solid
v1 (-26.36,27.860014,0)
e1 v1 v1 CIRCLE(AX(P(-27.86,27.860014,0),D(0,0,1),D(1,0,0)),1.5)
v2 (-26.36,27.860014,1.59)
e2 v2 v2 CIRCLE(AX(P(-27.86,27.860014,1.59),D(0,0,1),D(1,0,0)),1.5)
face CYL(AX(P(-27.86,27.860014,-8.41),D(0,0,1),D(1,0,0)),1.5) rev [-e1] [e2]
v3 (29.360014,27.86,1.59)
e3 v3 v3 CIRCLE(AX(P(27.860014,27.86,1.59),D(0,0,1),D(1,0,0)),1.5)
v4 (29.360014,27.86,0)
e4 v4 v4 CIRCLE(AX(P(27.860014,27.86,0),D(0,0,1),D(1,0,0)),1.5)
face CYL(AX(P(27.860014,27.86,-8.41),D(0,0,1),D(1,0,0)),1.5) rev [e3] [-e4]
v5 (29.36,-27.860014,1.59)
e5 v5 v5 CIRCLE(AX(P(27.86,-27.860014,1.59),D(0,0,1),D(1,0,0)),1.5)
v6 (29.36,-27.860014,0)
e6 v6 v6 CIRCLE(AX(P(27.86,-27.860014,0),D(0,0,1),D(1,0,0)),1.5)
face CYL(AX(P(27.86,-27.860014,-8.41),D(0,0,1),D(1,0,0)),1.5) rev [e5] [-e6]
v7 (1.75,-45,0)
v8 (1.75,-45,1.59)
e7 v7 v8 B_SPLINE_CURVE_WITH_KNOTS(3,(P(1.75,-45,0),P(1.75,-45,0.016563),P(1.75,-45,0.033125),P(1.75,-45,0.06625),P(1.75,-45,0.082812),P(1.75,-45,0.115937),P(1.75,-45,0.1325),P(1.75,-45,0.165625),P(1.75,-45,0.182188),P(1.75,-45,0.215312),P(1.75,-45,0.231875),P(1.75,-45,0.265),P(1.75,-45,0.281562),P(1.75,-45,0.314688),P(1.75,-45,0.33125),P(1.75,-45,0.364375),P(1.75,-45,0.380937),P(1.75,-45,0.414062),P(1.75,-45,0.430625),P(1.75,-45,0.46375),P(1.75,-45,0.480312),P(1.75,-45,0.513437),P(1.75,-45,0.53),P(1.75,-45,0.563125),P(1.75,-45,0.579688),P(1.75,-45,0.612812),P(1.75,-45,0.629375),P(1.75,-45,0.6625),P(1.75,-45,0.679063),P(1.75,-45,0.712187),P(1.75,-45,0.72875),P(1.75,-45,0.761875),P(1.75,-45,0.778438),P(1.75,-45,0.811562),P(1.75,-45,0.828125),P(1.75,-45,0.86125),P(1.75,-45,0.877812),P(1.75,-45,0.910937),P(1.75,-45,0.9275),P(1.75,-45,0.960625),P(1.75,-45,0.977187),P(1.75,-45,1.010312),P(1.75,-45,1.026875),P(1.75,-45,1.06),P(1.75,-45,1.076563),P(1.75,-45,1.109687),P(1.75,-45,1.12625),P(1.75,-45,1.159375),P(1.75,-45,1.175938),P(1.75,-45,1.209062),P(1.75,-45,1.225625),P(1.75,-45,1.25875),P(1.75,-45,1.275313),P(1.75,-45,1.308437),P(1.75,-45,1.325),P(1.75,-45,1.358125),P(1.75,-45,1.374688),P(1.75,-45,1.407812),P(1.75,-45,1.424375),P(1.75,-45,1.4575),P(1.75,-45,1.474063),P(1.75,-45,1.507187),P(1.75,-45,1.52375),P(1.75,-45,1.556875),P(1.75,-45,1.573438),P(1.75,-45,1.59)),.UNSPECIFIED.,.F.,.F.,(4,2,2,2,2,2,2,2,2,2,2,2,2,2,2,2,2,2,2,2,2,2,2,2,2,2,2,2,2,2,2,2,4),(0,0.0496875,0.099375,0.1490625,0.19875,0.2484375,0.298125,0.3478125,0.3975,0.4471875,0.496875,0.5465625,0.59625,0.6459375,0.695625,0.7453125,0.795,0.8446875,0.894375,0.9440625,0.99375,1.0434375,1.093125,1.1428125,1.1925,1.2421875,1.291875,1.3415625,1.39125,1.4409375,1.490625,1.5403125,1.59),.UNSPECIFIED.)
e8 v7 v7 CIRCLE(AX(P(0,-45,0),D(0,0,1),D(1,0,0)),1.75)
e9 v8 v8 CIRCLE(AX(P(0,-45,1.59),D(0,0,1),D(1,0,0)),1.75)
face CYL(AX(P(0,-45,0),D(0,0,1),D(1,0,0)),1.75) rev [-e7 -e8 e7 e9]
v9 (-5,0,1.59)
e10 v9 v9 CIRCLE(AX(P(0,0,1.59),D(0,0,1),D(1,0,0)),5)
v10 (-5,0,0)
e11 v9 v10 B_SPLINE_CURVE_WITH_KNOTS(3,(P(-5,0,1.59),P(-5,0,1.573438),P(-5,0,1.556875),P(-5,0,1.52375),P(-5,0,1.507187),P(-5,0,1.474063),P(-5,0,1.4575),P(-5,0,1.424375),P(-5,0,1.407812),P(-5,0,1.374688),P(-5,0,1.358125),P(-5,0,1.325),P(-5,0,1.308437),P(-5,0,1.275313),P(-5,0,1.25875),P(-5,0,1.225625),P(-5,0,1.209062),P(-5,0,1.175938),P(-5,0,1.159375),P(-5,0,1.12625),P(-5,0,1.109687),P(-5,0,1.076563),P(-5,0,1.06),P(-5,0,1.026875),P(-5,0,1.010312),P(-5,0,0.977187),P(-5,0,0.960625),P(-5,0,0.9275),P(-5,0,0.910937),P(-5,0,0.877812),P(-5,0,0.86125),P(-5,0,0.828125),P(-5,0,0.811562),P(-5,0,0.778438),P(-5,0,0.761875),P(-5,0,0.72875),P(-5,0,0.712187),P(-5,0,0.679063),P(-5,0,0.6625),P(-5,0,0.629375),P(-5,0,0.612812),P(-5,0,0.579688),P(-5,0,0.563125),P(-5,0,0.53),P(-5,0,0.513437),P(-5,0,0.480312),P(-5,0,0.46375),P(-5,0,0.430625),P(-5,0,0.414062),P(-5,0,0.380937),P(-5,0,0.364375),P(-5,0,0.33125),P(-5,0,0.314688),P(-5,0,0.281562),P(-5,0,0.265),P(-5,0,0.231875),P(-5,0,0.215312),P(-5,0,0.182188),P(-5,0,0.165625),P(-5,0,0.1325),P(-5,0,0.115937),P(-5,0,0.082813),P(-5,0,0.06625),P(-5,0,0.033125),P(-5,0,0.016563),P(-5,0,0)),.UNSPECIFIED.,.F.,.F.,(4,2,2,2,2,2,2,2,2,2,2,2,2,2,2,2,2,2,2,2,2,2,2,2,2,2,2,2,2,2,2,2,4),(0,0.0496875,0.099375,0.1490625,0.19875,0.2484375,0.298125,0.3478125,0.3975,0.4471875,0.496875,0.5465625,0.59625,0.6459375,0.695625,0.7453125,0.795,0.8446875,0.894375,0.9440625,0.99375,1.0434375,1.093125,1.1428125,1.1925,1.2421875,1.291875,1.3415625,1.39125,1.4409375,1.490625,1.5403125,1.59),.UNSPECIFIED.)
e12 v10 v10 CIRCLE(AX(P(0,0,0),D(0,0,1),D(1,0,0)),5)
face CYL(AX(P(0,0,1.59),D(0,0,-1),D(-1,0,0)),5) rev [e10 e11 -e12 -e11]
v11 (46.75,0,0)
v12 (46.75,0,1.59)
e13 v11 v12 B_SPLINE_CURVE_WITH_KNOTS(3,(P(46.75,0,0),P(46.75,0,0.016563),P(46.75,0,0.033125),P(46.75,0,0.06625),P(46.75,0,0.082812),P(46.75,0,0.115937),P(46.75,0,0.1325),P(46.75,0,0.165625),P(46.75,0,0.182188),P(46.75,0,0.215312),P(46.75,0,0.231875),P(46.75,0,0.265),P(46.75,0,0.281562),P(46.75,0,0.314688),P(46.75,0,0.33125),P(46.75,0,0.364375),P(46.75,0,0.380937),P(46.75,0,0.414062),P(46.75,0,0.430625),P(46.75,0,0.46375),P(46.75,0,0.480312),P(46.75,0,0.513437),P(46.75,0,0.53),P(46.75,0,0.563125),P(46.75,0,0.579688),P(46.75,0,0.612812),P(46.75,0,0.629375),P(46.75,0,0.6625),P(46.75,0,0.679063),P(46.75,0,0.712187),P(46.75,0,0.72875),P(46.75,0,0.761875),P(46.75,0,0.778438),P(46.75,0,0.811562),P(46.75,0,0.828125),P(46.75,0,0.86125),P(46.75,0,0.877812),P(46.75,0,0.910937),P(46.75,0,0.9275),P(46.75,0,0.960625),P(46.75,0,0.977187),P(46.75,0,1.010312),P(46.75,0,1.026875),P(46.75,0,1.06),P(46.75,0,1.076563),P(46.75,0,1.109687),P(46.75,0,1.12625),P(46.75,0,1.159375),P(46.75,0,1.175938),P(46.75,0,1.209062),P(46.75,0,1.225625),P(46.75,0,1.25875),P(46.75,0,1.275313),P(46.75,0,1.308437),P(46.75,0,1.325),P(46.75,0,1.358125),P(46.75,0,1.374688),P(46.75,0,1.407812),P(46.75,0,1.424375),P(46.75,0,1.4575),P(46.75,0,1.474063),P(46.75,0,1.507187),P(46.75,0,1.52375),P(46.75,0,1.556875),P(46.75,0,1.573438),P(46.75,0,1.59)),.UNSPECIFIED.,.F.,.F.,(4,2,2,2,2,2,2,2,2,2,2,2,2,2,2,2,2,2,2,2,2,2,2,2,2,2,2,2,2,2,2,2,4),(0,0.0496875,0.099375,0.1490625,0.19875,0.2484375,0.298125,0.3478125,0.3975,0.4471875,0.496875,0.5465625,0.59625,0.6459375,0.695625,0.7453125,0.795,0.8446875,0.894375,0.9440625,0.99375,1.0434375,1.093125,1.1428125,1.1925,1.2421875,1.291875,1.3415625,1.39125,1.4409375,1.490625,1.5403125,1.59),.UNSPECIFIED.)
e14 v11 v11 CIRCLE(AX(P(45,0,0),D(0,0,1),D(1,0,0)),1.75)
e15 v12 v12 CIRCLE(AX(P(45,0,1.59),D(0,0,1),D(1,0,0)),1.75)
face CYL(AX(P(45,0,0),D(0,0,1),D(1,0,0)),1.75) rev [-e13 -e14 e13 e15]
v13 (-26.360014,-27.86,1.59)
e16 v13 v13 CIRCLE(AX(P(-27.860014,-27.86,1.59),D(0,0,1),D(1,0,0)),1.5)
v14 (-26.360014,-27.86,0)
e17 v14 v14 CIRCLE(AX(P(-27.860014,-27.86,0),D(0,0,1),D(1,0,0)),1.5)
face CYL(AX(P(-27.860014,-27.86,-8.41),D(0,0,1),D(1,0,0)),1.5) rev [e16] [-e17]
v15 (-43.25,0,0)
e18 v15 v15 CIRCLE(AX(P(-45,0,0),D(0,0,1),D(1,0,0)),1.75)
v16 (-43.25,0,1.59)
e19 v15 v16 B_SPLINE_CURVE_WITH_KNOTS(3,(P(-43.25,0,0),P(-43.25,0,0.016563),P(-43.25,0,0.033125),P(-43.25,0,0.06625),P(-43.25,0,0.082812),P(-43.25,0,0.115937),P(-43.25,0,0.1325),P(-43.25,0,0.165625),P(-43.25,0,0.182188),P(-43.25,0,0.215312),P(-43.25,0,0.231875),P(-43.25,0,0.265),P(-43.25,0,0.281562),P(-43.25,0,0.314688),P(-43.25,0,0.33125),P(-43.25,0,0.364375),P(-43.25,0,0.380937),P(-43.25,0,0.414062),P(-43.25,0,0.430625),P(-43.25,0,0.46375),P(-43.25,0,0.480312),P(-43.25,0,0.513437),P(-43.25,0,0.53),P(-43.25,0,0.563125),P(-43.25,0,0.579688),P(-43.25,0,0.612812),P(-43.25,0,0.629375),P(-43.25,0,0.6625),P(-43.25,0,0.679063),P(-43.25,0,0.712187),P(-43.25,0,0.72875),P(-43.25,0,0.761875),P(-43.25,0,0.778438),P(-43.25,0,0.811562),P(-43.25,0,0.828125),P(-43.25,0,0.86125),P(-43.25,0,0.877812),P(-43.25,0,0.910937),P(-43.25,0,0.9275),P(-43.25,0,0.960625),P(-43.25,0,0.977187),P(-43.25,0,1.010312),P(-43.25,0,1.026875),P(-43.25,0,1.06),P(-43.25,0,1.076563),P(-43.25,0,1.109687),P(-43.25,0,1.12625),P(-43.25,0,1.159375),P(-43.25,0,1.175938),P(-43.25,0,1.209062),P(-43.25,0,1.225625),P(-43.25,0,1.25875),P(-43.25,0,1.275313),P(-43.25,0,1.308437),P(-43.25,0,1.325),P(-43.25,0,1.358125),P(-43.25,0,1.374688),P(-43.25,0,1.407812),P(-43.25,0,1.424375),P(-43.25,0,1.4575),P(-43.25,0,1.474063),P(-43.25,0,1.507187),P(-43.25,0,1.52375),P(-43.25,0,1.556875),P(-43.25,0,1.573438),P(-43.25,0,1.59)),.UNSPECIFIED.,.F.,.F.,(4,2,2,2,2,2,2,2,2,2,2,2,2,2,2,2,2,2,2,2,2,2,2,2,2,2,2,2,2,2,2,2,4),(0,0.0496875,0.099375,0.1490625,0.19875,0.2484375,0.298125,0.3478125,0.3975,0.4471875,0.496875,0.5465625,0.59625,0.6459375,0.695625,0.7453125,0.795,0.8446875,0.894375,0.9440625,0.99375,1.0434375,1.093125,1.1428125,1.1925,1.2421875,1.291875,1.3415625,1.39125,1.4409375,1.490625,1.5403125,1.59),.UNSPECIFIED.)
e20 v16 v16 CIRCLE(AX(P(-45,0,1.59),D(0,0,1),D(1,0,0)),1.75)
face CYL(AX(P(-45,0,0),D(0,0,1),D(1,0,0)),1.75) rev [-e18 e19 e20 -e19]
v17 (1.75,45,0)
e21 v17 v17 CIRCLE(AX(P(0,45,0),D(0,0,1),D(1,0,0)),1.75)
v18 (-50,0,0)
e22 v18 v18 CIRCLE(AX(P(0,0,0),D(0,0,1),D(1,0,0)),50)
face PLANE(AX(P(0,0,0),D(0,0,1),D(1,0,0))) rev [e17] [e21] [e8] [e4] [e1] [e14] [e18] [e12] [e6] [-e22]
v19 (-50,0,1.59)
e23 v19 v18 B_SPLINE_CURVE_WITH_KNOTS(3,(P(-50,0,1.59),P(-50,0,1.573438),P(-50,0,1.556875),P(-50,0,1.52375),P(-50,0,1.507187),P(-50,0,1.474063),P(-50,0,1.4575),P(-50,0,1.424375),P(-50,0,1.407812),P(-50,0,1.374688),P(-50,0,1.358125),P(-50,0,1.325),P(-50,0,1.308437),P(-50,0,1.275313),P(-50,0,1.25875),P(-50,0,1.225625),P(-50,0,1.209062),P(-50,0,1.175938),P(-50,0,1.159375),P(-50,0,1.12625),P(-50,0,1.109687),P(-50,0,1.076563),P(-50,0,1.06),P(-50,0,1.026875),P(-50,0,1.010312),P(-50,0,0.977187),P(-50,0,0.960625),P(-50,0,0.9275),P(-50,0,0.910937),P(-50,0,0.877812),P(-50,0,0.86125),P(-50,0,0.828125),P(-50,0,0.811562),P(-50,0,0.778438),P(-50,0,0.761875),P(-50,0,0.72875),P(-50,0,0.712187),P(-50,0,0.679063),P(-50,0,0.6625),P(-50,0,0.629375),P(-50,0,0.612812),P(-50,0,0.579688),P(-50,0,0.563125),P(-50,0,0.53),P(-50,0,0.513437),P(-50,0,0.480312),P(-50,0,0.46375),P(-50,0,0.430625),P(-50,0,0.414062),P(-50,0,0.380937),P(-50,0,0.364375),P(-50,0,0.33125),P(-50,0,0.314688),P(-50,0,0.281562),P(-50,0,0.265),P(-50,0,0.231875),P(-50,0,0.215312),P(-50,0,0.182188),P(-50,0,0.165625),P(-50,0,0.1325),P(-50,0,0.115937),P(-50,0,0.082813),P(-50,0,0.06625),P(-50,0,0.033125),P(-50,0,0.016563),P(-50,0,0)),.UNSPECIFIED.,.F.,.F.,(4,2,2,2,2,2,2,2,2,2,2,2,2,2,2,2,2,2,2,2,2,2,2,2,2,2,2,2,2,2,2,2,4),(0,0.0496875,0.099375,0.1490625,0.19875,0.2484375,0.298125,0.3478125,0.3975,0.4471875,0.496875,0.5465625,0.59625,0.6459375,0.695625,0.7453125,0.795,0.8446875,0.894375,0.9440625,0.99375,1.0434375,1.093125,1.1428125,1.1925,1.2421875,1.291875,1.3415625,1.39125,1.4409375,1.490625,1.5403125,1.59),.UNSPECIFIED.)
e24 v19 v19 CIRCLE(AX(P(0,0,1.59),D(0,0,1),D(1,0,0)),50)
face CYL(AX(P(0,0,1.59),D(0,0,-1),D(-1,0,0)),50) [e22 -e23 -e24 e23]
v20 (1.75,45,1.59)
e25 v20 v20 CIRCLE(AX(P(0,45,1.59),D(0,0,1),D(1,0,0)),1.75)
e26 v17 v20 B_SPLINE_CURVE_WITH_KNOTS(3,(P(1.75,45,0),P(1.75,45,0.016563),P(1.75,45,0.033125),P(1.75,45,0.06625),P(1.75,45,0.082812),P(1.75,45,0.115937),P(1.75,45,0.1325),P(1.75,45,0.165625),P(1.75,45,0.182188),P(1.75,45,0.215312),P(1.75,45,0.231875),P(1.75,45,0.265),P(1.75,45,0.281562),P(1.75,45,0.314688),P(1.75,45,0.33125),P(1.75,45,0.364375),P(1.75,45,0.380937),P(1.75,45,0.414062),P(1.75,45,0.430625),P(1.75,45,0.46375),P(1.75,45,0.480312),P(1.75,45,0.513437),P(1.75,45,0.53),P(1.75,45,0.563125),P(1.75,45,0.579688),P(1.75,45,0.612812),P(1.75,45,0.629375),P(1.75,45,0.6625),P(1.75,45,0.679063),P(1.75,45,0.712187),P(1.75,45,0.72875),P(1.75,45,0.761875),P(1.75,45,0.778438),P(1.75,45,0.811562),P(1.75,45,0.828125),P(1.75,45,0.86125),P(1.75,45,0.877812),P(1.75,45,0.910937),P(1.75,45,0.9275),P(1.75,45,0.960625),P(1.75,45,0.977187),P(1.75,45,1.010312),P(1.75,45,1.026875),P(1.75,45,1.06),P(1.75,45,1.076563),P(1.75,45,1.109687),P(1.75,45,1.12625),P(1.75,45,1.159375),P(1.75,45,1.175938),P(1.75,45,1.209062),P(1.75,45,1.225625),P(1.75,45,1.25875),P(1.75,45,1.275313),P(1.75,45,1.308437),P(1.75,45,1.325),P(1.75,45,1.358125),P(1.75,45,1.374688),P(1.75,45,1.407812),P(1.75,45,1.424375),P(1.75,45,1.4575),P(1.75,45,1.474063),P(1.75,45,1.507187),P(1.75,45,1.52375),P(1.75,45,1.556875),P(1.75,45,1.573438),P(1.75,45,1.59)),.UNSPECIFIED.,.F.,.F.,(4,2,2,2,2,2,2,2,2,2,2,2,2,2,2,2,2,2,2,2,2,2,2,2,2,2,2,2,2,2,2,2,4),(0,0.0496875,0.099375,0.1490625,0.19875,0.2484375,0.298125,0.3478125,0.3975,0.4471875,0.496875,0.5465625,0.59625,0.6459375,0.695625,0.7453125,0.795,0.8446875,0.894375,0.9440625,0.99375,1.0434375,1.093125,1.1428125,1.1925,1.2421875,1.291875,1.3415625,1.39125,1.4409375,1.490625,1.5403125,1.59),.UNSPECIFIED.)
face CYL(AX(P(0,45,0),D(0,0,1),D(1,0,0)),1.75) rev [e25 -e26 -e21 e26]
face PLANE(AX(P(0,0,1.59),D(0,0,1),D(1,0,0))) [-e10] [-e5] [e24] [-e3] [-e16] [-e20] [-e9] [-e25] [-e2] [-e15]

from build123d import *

# Parameters (mm, degrees)
SKETCH1_R           = 50
SKETCH1_R_2         = 5
BOSS_EXTRUDE1_DEPTH = 1.59
SKETCH2_R           = 1.75
CUT_EXTRUDE1_DEPTH  = 1.59
SKETCH3_R           = 1.5
CUT_EXTRUDE2_DEPTH  = 10


with BuildPart() as part:
    # Sketch1 → Boss-Extrude1 (new body)
    with BuildSketch(Plane.XY):
        with Locations(Location((0, 0, 0), (0, 0, 180))):
            Circle(SKETCH1_R)
        with Locations(Location((0, 0, 0), (0, 0, 180))):
            Circle(SKETCH1_R_2, mode=Mode.SUBTRACT)
    extrude(amount=BOSS_EXTRUDE1_DEPTH)

    # Sketch2 → Cut-Extrude1 (cut)
    with BuildSketch(Plane.XY.offset(1.59)):
        with Locations((0, 45)):
            Circle(SKETCH2_R)
        with Locations((45, 0)):
            Circle(SKETCH2_R)
        with Locations((0, -45)):
            Circle(SKETCH2_R)
        with Locations((-45, 0)):
            Circle(SKETCH2_R)
    extrude(amount=-CUT_EXTRUDE1_DEPTH, mode=Mode.SUBTRACT)

    # Sketch3 → Cut-Extrude2 (cut)
    with BuildSketch(Plane.XY.offset(1.59)):
        with Locations((-27.86, 27.860014357)):
            Circle(SKETCH3_R)
        with Locations((27.860014357, 27.86)):
            Circle(SKETCH3_R)
        with Locations((27.86, -27.860014357)):
            Circle(SKETCH3_R)
        with Locations((-27.860014357, -27.86)):
            Circle(SKETCH3_R)
    extrude(amount=-CUT_EXTRUDE2_DEPTH, mode=Mode.SUBTRACT)


solid = part.part
